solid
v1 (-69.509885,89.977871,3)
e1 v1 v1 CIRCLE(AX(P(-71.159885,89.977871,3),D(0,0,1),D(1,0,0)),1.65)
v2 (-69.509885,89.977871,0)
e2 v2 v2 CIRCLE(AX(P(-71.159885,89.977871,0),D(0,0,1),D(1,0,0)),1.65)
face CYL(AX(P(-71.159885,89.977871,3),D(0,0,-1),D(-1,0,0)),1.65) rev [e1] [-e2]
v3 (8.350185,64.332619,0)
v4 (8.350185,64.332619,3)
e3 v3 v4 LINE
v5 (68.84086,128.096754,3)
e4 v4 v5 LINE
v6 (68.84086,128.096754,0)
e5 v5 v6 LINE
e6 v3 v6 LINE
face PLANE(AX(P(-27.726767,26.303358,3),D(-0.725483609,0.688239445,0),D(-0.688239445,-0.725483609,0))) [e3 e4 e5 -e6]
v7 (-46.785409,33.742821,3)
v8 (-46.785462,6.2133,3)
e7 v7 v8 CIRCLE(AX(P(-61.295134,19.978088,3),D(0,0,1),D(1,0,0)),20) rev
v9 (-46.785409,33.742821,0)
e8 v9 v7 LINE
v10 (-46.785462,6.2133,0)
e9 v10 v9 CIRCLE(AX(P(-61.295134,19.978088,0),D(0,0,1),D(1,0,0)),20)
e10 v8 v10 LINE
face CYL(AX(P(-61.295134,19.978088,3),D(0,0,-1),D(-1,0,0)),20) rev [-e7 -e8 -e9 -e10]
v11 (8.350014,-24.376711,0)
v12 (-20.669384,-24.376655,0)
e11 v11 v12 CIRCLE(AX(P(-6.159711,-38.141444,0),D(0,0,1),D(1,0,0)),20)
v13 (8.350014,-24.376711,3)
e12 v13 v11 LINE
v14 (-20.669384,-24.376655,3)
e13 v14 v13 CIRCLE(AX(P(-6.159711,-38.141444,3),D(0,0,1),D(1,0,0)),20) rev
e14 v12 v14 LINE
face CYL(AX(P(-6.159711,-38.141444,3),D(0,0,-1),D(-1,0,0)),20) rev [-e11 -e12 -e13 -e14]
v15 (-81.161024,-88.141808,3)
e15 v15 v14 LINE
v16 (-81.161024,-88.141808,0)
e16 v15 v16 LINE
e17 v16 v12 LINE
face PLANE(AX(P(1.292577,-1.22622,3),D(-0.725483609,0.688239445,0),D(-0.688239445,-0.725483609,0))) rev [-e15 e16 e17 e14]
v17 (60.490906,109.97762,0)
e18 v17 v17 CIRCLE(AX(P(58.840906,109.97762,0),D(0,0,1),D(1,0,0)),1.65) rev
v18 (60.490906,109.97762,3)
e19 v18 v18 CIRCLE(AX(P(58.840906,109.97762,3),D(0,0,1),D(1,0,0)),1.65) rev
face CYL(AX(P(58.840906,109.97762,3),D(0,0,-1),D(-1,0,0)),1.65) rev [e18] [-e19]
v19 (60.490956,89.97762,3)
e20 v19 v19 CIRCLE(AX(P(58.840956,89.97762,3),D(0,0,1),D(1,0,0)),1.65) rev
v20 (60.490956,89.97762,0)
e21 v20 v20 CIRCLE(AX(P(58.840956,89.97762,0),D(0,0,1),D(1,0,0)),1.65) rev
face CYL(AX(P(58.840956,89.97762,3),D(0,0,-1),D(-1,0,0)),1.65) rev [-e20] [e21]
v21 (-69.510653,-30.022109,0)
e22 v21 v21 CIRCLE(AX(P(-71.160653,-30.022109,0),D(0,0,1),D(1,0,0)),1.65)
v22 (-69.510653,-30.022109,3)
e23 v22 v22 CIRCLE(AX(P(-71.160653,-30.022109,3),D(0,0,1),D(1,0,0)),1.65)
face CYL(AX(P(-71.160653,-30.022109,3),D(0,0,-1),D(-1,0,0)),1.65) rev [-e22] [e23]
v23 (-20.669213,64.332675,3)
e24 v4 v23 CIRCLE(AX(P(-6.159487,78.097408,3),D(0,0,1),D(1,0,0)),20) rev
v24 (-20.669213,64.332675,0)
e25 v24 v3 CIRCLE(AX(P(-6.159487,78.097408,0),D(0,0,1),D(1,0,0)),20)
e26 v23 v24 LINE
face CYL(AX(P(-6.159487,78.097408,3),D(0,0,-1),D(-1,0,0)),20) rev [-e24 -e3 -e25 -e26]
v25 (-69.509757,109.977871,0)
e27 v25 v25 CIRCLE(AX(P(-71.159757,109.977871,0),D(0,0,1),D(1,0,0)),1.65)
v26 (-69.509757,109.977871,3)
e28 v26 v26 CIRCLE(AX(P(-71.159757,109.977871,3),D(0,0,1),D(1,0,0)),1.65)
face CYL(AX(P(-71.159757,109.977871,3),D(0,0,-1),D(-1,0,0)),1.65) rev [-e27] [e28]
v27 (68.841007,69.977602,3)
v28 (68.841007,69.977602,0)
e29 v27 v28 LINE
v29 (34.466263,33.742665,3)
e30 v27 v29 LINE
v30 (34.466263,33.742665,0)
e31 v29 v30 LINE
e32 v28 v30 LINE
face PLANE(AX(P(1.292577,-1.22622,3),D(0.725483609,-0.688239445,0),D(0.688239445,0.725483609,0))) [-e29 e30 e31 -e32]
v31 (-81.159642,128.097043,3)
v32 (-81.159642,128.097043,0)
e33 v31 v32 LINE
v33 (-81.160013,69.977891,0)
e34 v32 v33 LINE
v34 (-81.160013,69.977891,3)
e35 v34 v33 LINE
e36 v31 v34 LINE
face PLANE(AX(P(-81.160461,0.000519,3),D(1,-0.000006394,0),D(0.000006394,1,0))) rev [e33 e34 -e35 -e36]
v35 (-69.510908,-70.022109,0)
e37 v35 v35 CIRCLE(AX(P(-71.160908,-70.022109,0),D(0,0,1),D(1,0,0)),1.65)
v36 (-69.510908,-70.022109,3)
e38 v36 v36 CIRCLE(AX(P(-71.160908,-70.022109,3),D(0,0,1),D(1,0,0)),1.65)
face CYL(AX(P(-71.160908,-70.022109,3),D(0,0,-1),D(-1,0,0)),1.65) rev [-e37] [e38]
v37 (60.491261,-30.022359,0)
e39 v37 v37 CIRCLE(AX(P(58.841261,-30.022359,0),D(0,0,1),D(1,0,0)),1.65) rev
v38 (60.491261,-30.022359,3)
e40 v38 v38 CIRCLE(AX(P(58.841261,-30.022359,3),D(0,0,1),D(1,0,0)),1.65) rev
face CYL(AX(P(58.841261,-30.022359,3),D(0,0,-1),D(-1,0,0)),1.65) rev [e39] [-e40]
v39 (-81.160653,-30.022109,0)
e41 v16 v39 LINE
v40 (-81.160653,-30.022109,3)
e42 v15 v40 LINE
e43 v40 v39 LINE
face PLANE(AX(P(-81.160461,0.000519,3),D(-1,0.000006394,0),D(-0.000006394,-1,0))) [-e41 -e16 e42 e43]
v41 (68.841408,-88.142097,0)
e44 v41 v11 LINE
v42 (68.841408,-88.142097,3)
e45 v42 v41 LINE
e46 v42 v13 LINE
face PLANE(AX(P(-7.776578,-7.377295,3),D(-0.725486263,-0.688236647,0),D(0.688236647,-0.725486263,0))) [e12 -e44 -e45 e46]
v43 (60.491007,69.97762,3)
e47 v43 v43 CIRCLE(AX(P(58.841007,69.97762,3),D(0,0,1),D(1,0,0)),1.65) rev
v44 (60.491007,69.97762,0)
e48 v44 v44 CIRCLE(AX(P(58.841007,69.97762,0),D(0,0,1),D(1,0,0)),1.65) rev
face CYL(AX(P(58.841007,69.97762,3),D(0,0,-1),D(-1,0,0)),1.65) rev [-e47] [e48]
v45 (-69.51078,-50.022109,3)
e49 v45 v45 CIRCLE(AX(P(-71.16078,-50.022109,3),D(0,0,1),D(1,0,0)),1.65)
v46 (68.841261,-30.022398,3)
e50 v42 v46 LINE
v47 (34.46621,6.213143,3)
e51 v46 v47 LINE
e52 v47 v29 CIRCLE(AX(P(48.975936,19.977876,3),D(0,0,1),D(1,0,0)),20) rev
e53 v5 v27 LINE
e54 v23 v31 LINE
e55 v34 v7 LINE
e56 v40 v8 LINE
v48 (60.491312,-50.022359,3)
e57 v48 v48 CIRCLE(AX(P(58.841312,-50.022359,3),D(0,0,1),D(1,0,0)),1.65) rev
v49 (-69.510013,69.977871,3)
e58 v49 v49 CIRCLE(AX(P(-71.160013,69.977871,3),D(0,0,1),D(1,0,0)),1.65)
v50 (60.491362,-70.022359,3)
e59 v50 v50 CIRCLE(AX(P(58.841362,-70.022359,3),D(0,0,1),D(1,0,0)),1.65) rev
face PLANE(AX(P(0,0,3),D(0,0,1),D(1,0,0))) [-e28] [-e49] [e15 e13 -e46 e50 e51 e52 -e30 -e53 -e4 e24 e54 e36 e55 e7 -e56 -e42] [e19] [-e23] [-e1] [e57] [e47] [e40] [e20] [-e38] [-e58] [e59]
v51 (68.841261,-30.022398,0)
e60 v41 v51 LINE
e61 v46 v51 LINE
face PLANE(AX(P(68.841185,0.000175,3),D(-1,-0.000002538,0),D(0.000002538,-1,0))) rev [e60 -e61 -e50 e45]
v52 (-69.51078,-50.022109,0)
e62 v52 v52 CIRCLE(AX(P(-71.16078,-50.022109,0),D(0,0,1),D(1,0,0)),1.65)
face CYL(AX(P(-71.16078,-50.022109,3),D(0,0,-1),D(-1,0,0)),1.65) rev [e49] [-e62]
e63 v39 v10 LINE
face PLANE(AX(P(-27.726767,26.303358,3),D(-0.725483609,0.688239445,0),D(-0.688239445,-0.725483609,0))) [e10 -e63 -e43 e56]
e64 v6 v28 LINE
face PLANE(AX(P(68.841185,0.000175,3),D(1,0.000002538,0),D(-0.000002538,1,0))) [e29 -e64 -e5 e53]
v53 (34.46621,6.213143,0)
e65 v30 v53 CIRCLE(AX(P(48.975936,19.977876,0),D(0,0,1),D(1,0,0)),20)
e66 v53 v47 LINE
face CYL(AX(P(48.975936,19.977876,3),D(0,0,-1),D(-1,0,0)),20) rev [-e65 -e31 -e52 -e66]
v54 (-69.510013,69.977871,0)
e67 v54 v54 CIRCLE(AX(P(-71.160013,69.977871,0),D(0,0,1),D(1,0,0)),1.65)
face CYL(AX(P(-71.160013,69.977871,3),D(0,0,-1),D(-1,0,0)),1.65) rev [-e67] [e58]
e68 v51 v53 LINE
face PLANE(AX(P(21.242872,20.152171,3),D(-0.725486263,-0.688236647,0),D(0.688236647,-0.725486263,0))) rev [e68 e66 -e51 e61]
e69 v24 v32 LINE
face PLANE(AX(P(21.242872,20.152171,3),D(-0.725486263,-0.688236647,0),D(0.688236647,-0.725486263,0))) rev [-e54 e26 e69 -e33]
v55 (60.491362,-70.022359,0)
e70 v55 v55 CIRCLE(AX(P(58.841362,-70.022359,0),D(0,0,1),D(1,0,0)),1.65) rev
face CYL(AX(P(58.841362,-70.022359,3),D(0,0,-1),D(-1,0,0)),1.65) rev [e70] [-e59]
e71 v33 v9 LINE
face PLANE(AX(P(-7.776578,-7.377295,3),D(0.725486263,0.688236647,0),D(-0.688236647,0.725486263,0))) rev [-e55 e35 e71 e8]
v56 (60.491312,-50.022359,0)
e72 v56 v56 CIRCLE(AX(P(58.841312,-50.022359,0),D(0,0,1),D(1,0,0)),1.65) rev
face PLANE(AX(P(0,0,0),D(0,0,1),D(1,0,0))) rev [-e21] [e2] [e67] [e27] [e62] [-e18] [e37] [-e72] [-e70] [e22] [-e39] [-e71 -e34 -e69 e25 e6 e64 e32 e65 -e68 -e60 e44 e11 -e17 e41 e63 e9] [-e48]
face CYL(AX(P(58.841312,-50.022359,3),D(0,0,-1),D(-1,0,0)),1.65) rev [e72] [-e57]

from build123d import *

# Parameters (mm, degrees)
SKETCH_1_R      = 1.65
EXTRUDE_1_DEPTH = 3
FILLET_1_R      = 20


with BuildPart() as part:
    # 草图1 → 凸台-拉伸1 (new body)
    with BuildSketch(Plane.XY):
        Polygon((-81.159641577, 128.097043492), (-81.160013188, 69.97789137), (-33.727366855, 19.978035289), (-81.160652583, -30.022108629), (-81.161024198, -88.141807947), (-6.159655428, -9.081730725), (68.841408465, -88.142097171), (68.841260976, -30.022397853), (21.408168061, 19.97792898), (68.841007207, 69.977602148), (68.840859718, 128.096754271), (-6.159543366, 49.037694994), align=None)
        with Locations((-71.160908341, -70.022108629)):
            Circle(SKETCH_1_R, mode=Mode.SUBTRACT)
        with Locations((-71.160780462, -50.022108629)):
            Circle(SKETCH_1_R, mode=Mode.SUBTRACT)
        with Locations((-71.160652583, -30.022108629)):
            Circle(SKETCH_1_R, mode=Mode.SUBTRACT)
        with Locations((58.841362483, -70.02235929)):
            Circle(SKETCH_1_R, mode=Mode.SUBTRACT)
        with Locations((58.841311729, -50.02235929)):
            Circle(SKETCH_1_R, mode=Mode.SUBTRACT)
        with Locations((58.841260976, -30.02235929)):
            Circle(SKETCH_1_R, mode=Mode.SUBTRACT)
        with Locations((-71.160013188, 69.97787102)):
            Circle(SKETCH_1_R, mode=Mode.SUBTRACT)
        with Locations((-71.159885309, 89.977871019)):
            Circle(SKETCH_1_R, mode=Mode.SUBTRACT)
        with Locations((-71.15975743, 109.977871019)):
            Circle(SKETCH_1_R, mode=Mode.SUBTRACT)
        with Locations((58.841007207, 69.977620361)):
            Circle(SKETCH_1_R, mode=Mode.SUBTRACT)
        with Locations((58.840956453, 89.977620361)):
            Circle(SKETCH_1_R, mode=Mode.SUBTRACT)
        with Locations((58.840905699, 109.977620361)):
            Circle(SKETCH_1_R, mode=Mode.SUBTRACT)
    extrude(amount=EXTRUDE_1_DEPTH)

    # 圆角1
    fillet_1_edges = [part.edges().sort_by_distance(p)[0] for p in [
        (21.408168061, 19.97792898, 1.5),
        (-6.159655428, -9.081730725, 1.5),
        (-33.727366855, 19.978035289, 1.5),
        (-6.159543366, 49.037694994, 1.5),
    ]]
    fillet(fillet_1_edges, radius=FILLET_1_R)


solid = part.part
